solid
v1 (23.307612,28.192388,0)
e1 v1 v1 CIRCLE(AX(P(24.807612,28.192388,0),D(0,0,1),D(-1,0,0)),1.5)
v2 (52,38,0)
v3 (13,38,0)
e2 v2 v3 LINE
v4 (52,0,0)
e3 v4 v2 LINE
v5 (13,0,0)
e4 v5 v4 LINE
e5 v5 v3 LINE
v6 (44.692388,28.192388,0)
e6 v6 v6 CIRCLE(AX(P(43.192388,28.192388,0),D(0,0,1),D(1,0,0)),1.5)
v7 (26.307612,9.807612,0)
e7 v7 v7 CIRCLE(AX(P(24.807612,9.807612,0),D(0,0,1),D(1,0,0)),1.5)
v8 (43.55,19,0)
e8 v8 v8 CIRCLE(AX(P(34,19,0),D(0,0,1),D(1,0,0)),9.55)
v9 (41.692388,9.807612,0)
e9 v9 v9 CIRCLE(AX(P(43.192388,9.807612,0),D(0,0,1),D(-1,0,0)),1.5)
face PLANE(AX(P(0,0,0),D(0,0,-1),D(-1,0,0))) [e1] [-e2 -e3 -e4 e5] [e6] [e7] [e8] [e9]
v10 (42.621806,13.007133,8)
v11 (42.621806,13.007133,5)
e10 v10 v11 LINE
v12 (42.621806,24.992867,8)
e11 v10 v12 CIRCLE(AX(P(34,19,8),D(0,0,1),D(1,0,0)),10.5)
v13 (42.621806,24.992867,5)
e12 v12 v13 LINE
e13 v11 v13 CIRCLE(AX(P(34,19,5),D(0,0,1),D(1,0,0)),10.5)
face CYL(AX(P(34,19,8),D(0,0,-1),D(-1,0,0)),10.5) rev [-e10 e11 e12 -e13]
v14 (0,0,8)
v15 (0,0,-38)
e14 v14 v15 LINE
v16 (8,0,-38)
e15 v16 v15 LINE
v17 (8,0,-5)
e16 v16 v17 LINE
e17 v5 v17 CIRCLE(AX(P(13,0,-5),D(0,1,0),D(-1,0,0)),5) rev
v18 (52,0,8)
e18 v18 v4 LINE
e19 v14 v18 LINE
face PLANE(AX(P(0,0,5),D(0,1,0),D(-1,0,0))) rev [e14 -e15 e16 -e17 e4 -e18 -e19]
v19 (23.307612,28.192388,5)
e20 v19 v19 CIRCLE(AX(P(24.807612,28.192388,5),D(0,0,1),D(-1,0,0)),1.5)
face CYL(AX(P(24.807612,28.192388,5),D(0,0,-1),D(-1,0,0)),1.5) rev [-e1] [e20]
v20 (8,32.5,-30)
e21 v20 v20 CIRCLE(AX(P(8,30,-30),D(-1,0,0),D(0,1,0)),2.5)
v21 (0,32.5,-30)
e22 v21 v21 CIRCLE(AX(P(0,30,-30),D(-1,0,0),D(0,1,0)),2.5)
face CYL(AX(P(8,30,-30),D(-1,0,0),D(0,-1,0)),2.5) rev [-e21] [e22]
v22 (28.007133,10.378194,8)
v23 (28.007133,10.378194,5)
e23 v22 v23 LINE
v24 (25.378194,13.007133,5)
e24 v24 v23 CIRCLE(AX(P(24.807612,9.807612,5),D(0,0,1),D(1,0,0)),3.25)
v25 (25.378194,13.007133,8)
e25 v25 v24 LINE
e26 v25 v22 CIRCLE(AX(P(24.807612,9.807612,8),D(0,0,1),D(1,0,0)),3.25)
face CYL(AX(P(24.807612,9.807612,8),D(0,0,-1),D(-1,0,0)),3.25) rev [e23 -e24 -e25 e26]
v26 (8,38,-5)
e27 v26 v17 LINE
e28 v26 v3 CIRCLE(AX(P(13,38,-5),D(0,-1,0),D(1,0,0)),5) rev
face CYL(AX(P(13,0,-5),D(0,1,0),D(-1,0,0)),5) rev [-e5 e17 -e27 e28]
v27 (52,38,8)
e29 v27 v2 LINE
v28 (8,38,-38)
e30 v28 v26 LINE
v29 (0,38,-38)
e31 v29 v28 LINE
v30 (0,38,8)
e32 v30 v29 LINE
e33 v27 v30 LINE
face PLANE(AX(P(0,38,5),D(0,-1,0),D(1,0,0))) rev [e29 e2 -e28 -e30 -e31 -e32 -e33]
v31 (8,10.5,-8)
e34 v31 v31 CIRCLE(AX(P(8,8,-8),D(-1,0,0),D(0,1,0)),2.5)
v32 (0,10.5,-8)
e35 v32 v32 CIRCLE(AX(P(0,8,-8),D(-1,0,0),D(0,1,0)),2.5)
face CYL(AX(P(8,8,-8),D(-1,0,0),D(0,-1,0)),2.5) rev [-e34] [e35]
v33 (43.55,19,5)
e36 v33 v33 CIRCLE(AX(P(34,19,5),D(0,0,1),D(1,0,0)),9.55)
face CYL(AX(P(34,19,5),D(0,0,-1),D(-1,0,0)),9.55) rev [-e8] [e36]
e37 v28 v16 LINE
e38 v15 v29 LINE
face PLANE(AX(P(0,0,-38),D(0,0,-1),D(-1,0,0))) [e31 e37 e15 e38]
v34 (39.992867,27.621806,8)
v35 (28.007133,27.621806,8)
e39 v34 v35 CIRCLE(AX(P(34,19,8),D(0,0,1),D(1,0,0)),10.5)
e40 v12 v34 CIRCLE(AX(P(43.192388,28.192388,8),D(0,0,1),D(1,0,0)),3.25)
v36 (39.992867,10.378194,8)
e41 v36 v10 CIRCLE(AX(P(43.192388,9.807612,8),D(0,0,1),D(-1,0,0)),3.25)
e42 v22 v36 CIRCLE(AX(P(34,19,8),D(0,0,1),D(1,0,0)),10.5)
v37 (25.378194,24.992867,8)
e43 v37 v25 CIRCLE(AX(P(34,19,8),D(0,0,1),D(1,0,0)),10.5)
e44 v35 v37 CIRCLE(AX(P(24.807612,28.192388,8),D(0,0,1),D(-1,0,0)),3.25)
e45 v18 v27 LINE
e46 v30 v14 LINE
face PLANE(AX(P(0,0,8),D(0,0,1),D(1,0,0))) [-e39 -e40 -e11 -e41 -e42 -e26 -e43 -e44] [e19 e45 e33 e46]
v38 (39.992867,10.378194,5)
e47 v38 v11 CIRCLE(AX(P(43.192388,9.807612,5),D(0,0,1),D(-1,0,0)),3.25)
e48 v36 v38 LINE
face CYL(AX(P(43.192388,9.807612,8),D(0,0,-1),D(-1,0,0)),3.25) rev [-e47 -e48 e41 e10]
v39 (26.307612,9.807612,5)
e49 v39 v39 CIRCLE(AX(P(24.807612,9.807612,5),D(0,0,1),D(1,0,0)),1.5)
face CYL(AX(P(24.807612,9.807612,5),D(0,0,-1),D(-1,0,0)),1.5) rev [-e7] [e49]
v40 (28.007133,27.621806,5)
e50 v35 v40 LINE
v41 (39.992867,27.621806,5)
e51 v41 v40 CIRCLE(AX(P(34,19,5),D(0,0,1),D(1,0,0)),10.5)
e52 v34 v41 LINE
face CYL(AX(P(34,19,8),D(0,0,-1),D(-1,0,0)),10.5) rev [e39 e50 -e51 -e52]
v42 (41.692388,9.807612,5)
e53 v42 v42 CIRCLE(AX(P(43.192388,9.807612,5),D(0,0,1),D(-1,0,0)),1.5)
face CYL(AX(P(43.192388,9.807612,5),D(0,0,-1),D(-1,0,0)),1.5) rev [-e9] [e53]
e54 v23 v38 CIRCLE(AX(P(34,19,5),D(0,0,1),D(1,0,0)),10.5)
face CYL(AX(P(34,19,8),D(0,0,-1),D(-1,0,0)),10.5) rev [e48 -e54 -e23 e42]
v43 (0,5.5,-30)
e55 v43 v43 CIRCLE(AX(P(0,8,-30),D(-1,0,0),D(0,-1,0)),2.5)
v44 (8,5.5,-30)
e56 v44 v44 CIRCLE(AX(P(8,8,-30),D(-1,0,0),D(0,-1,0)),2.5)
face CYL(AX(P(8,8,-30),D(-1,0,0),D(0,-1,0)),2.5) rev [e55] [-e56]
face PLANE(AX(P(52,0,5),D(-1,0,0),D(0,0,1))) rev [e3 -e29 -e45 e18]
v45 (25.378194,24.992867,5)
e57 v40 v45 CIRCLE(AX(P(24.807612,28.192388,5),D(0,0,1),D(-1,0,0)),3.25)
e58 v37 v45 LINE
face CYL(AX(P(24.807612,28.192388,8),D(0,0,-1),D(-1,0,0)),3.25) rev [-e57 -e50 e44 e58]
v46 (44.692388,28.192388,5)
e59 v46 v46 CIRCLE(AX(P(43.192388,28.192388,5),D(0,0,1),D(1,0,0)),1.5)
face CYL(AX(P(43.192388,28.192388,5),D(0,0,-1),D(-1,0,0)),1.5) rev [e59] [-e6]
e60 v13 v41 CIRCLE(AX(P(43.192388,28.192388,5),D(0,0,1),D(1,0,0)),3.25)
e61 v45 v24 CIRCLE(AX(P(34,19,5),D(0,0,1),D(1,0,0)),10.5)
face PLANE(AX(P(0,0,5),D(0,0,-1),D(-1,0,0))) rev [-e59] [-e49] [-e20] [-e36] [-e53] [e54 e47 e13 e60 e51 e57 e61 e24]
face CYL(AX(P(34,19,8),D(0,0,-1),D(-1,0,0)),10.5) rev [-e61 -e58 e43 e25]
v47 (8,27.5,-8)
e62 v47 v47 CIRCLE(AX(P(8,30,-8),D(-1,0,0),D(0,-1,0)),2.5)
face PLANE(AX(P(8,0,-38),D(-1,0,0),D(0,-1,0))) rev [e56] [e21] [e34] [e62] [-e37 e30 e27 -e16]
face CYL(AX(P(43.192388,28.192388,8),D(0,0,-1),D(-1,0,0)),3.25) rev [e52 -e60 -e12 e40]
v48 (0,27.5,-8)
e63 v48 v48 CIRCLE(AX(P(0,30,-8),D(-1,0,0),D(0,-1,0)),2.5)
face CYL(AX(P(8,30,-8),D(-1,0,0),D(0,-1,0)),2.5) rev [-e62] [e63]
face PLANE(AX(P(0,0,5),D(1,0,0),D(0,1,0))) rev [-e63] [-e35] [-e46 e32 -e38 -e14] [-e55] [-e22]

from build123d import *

# Parameters (mm, degrees)
SKETCH1_W         = 52
SKETCH1_H         = 38
SKETCH1_R         = 1.5
SKETCH1_R_2       = 9.55
FACE_IN_DEPTH     = 5
SKETCH8_W         = 8
SKETCH8_H         = 38
BOTTOM_DEPTH      = 38
FILLET1_R         = 5
SKETCH10_W        = 52
SKETCH10_H        = 38
FACE_OUT_DEPTH    = 3
SKETCH12_R        = 2.5
SCREW_HOLES_DEPTH = 8


with BuildPart() as part:
    # Sketch1 → Face_In (new body)
    with BuildSketch(Plane.XY):
        with Locations((26, 19)):
            Rectangle(SKETCH1_W, SKETCH1_H)
        with Locations((43.192388155, 28.192388155)):
            Circle(SKETCH1_R, mode=Mode.SUBTRACT)
        with Locations((43.192388155, 9.807611845)):
            Circle(SKETCH1_R, mode=Mode.SUBTRACT)
        with Locations((24.807611845, 9.807611845)):
            Circle(SKETCH1_R, mode=Mode.SUBTRACT)
        with Locations((24.807611845, 28.192388155)):
            Circle(SKETCH1_R, mode=Mode.SUBTRACT)
        with Locations((34, 19)):
            Circle(SKETCH1_R_2, mode=Mode.SUBTRACT)
    extrude(amount=FACE_IN_DEPTH)

    # Sketch8 → Bottom (add)
    with BuildSketch(Plane(origin=(0, 0, 0), x_dir=(-1, 0, 0), z_dir=(0, 0, -1))):
        with Locations((-4, 19)):
            Rectangle(SKETCH8_W, SKETCH8_H)
    extrude(amount=BOTTOM_DEPTH)

    # Fillet1
    fillet1_edges = [part.edges().sort_by_distance(p)[0] for p in [
        (8, 19, 0),
    ]]
    fillet(fillet1_edges, radius=FILLET1_R)

    # Sketch10 → Face_Out (add)
    with BuildSketch(Plane.XY.offset(5)):
        with Locations((26, 19)):
            Rectangle(SKETCH10_W, SKETCH10_H)
        with BuildLine():
            ThreePointArc((42.621806472, 24.992866856), (45.490485194, 30.490485194), (39.992866856, 27.621806472))
            ThreePointArc((39.992866856, 27.621806472), (34, 29.5), (28.007133144, 27.621806472))
            ThreePointArc((28.007133144, 27.621806472), (22.509514806, 30.490485194), (25.378193528, 24.992866856))
            ThreePointArc((25.378193528, 24.992866856), (23.5, 19), (25.378193528, 13.007133144))
            ThreePointArc((25.378193528, 13.007133144), (22.509514806, 7.509514806), (28.007133144, 10.378193528))
            ThreePointArc((28.007133144, 10.378193528), (34, 8.5), (39.992866856, 10.378193528))
            ThreePointArc((39.992866856, 10.378193528), (45.490485194, 7.509514806), (42.621806472, 13.007133144))
            ThreePointArc((42.621806472, 13.007133144), (44.5, 19), (42.621806472, 24.992866856))
        make_face(mode=Mode.SUBTRACT)
    extrude(amount=FACE_OUT_DEPTH)

    # Sketch12 → Screw Holes (cut)
    with BuildSketch(Plane.ZY):
        with Locations((-8, 30)):
            Circle(SKETCH12_R)
        with Locations((-30, 30)):
            Circle(SKETCH12_R)
        with Locations((-8, 8)):
            Circle(SKETCH12_R)
        with Locations((-30, 8)):
            Circle(SKETCH12_R)
    extrude(amount=-SCREW_HOLES_DEPTH, mode=Mode.SUBTRACT)


solid = part.part
